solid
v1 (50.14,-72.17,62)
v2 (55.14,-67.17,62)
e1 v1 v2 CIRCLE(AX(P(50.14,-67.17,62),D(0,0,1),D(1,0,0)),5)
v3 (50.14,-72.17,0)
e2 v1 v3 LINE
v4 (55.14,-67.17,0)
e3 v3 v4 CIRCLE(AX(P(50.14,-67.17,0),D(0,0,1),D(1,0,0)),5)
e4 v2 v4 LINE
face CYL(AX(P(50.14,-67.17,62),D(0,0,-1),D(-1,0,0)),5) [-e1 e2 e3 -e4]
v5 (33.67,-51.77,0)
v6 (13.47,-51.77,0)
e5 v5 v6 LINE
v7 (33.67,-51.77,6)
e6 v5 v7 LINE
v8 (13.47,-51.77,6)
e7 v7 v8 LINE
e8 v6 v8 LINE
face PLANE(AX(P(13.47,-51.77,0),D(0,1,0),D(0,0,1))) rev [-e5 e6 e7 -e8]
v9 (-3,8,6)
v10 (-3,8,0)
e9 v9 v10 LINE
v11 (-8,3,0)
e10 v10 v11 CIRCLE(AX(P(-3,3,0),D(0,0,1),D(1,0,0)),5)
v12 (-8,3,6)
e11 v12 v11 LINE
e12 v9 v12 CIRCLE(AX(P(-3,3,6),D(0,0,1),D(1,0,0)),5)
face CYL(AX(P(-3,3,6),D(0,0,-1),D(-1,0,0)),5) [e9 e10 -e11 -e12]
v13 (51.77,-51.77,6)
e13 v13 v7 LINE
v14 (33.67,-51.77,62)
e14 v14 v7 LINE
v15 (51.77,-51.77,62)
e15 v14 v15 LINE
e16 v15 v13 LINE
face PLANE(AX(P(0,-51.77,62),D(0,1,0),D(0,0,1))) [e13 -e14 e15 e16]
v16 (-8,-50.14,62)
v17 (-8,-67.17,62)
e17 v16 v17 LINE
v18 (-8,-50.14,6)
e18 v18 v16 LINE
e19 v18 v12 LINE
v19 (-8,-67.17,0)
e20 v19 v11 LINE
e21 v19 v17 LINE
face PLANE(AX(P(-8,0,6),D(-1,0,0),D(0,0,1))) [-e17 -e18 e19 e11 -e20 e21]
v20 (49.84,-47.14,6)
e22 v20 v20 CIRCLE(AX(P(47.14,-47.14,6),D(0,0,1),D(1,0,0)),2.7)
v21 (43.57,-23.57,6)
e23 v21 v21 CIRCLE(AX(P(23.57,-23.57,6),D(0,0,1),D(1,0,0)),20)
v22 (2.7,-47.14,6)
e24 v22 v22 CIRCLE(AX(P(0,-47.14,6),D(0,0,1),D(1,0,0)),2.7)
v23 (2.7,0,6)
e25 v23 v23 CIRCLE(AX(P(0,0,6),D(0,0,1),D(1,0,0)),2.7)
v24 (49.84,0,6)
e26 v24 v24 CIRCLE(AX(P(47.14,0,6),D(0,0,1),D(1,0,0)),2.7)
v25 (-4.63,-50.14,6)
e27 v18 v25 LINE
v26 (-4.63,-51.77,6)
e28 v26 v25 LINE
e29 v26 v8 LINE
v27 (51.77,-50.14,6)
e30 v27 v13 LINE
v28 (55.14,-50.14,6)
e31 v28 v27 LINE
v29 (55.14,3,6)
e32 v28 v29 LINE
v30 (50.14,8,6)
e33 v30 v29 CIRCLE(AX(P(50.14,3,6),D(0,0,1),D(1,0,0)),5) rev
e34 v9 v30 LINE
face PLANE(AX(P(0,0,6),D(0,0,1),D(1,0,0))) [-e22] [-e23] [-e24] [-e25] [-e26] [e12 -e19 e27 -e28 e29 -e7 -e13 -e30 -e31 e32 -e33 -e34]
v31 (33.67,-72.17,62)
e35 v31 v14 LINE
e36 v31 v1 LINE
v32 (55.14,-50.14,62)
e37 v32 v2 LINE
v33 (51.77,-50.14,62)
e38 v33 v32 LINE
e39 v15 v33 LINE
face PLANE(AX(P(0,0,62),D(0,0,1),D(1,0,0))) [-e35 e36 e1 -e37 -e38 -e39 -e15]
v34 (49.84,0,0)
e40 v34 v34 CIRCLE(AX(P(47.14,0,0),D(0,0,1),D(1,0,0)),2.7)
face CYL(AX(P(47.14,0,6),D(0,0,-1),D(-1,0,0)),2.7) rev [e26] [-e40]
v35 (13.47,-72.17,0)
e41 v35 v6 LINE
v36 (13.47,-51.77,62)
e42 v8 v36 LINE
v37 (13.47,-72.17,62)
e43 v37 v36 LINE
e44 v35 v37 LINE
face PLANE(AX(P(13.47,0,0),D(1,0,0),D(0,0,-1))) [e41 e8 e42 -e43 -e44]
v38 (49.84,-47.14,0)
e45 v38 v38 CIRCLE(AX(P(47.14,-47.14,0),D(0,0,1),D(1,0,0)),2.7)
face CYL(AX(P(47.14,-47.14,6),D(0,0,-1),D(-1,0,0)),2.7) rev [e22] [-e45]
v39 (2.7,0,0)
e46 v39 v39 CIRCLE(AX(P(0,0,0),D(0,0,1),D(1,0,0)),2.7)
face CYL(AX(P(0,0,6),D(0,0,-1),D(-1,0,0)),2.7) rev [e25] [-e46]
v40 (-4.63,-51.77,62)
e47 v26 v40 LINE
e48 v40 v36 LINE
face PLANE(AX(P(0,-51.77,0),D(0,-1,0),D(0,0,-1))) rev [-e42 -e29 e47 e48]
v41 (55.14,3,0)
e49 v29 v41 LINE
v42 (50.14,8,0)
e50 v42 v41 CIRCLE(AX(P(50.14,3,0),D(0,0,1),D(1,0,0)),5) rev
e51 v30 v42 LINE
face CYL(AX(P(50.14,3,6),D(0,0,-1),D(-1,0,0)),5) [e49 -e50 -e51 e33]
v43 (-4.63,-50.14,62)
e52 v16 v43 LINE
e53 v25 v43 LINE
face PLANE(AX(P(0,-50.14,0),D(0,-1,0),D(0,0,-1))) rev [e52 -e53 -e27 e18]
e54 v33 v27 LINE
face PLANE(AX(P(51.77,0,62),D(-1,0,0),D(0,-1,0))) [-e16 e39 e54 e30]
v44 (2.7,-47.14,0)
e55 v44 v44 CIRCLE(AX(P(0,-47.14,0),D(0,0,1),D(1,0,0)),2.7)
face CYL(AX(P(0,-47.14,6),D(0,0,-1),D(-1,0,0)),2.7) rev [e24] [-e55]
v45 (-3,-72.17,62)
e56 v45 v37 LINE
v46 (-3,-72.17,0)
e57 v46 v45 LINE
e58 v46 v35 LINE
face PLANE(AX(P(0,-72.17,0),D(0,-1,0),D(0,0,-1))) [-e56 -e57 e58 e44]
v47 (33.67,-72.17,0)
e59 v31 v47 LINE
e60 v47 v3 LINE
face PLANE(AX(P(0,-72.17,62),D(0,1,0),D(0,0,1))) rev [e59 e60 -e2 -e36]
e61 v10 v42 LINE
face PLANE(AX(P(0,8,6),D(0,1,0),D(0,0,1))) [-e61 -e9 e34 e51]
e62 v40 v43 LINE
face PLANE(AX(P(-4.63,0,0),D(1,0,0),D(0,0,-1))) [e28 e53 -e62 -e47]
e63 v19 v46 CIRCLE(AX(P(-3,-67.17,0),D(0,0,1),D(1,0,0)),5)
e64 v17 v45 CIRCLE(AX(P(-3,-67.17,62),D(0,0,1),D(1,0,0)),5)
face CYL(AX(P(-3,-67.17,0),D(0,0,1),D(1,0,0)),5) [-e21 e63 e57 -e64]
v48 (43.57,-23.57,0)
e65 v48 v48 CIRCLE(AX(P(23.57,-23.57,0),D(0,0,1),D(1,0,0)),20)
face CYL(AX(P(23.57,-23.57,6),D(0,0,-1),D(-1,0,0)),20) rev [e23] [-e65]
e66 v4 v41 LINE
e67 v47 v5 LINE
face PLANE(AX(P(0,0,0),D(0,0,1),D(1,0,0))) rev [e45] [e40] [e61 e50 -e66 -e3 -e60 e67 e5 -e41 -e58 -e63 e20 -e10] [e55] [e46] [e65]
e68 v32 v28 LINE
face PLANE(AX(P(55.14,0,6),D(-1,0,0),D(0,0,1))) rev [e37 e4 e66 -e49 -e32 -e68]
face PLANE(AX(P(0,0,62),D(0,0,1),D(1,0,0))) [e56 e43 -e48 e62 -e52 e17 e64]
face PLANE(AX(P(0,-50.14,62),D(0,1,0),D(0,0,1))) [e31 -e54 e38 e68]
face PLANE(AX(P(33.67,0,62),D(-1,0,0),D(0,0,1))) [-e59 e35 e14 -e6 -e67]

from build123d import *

# Parameters (mm, degrees)
CROQUIS1_R                   = 2.7
CROQUIS1_R_2                 = 20
SALIENTE_EXTRUIR1_DEPTH      = 6
SALIENTE_EXTRUIR2_DEPTH      = 56
SALIENTE_EXTRUIR2_DEPTH_BACK = 6
CROQUIS3_W                   = 20.2
CROQUIS3_H                   = 20.4
CORTAR_EXTRUIR1_DEPTH        = 110.967852121


with BuildPart() as part:
    # Croquis1 → Saliente-Extruir1 (new body)
    with BuildSketch(Plane.XY):
        with BuildLine():
            Line((-8, -50.14), (-8, 3))
            ThreePointArc((-8, 3), (-6.535533906, 6.535533906), (-3, 8))
            Line((-3, 8), (50.14, 8))
            ThreePointArc((50.14, 8), (53.675533906, 6.535533906), (55.14, 3))
            Line((55.14, 3), (55.14, -50.14))
            ThreePointArc((55.14, -50.14), (53.675533906, -53.675533906), (50.14, -55.14))
            Line((50.14, -55.14), (-3, -55.14))
            ThreePointArc((-3, -55.14), (-6.535533906, -53.675533906), (-8, -50.14))
        make_face()
        Circle(CROQUIS1_R, mode=Mode.SUBTRACT)
        with Locations((47.14, 0)):
            Circle(CROQUIS1_R, mode=Mode.SUBTRACT)
        with Locations((47.14, -47.14)):
            Circle(CROQUIS1_R, mode=Mode.SUBTRACT)
        with Locations((0, -47.14)):
            Circle(CROQUIS1_R, mode=Mode.SUBTRACT)
        with Locations((23.57, -23.57)):
            Circle(CROQUIS1_R_2, mode=Mode.SUBTRACT)
    extrude(amount=SALIENTE_EXTRUIR1_DEPTH)

    # Croquis2 → Saliente-Extruir2 (add, two sides: drawn at the far end of the back side and taken through both)
    with BuildSketch(Plane.XY.offset(6).offset(-SALIENTE_EXTRUIR2_DEPTH_BACK)):
        with BuildLine():
            ThreePointArc((-3, -55.14), (-6.535533906, -53.675533906), (-8, -50.14))
            Line((-8, -50.14), (-8, -67.17))
            ThreePointArc((-8, -67.17), (-6.535533906, -70.705533906), (-3, -72.17))
            Line((-3, -72.17), (13.47, -72.17))
            Line((13.47, -72.17), (13.47, -55.14))
            Line((13.47, -55.14), (-3, -55.14))
        make_face()
        with BuildLine():
            Line((55.14, -67.17), (55.14, -50.14))
            ThreePointArc((55.14, -50.14), (53.675533906, -53.675533906), (50.14, -55.14))
            Line((50.14, -55.14), (33.67, -55.14))
            Line((33.67, -55.14), (33.67, -72.17))
            Line((33.67, -72.17), (50.14, -72.17))
            ThreePointArc((50.14, -72.17), (53.675533906, -70.705533906), (55.14, -67.17))
        make_face()
        with BuildLine():
            Line((13.47, -51.77), (-4.63, -51.77))
            Line((-4.63, -51.77), (-4.63, -50.14))
            Line((-4.63, -50.14), (-8, -50.14))
            ThreePointArc((-8, -50.14), (-6.535533906, -53.675533906), (-3, -55.14))
            Line((-3, -55.14), (13.47, -55.14))
            Line((13.47, -55.14), (13.47, -51.77))
        make_face()
        with BuildLine():
            Line((55.14, -50.14), (51.77, -50.14))
            Line((51.77, -50.14), (51.77, -51.77))
            Line((51.77, -51.77), (33.67, -51.77))
            Line((33.67, -51.77), (33.67, -55.14))
            Line((33.67, -55.14), (50.14, -55.14))
            ThreePointArc((50.14, -55.14), (53.675533906, -53.675533906), (55.14, -50.14))
        make_face()
    extrude(amount=SALIENTE_EXTRUIR2_DEPTH + SALIENTE_EXTRUIR2_DEPTH_BACK)

    # Croquis3 → Cortar-Extruir1 (cut, through all)
    with BuildSketch(Plane.XY.offset(62)):
        with Locations((23.57, -61.97)):
            Rectangle(CROQUIS3_W, CROQUIS3_H)
    extrude(amount=-CORTAR_EXTRUIR1_DEPTH, mode=Mode.SUBTRACT)


solid = part.part
